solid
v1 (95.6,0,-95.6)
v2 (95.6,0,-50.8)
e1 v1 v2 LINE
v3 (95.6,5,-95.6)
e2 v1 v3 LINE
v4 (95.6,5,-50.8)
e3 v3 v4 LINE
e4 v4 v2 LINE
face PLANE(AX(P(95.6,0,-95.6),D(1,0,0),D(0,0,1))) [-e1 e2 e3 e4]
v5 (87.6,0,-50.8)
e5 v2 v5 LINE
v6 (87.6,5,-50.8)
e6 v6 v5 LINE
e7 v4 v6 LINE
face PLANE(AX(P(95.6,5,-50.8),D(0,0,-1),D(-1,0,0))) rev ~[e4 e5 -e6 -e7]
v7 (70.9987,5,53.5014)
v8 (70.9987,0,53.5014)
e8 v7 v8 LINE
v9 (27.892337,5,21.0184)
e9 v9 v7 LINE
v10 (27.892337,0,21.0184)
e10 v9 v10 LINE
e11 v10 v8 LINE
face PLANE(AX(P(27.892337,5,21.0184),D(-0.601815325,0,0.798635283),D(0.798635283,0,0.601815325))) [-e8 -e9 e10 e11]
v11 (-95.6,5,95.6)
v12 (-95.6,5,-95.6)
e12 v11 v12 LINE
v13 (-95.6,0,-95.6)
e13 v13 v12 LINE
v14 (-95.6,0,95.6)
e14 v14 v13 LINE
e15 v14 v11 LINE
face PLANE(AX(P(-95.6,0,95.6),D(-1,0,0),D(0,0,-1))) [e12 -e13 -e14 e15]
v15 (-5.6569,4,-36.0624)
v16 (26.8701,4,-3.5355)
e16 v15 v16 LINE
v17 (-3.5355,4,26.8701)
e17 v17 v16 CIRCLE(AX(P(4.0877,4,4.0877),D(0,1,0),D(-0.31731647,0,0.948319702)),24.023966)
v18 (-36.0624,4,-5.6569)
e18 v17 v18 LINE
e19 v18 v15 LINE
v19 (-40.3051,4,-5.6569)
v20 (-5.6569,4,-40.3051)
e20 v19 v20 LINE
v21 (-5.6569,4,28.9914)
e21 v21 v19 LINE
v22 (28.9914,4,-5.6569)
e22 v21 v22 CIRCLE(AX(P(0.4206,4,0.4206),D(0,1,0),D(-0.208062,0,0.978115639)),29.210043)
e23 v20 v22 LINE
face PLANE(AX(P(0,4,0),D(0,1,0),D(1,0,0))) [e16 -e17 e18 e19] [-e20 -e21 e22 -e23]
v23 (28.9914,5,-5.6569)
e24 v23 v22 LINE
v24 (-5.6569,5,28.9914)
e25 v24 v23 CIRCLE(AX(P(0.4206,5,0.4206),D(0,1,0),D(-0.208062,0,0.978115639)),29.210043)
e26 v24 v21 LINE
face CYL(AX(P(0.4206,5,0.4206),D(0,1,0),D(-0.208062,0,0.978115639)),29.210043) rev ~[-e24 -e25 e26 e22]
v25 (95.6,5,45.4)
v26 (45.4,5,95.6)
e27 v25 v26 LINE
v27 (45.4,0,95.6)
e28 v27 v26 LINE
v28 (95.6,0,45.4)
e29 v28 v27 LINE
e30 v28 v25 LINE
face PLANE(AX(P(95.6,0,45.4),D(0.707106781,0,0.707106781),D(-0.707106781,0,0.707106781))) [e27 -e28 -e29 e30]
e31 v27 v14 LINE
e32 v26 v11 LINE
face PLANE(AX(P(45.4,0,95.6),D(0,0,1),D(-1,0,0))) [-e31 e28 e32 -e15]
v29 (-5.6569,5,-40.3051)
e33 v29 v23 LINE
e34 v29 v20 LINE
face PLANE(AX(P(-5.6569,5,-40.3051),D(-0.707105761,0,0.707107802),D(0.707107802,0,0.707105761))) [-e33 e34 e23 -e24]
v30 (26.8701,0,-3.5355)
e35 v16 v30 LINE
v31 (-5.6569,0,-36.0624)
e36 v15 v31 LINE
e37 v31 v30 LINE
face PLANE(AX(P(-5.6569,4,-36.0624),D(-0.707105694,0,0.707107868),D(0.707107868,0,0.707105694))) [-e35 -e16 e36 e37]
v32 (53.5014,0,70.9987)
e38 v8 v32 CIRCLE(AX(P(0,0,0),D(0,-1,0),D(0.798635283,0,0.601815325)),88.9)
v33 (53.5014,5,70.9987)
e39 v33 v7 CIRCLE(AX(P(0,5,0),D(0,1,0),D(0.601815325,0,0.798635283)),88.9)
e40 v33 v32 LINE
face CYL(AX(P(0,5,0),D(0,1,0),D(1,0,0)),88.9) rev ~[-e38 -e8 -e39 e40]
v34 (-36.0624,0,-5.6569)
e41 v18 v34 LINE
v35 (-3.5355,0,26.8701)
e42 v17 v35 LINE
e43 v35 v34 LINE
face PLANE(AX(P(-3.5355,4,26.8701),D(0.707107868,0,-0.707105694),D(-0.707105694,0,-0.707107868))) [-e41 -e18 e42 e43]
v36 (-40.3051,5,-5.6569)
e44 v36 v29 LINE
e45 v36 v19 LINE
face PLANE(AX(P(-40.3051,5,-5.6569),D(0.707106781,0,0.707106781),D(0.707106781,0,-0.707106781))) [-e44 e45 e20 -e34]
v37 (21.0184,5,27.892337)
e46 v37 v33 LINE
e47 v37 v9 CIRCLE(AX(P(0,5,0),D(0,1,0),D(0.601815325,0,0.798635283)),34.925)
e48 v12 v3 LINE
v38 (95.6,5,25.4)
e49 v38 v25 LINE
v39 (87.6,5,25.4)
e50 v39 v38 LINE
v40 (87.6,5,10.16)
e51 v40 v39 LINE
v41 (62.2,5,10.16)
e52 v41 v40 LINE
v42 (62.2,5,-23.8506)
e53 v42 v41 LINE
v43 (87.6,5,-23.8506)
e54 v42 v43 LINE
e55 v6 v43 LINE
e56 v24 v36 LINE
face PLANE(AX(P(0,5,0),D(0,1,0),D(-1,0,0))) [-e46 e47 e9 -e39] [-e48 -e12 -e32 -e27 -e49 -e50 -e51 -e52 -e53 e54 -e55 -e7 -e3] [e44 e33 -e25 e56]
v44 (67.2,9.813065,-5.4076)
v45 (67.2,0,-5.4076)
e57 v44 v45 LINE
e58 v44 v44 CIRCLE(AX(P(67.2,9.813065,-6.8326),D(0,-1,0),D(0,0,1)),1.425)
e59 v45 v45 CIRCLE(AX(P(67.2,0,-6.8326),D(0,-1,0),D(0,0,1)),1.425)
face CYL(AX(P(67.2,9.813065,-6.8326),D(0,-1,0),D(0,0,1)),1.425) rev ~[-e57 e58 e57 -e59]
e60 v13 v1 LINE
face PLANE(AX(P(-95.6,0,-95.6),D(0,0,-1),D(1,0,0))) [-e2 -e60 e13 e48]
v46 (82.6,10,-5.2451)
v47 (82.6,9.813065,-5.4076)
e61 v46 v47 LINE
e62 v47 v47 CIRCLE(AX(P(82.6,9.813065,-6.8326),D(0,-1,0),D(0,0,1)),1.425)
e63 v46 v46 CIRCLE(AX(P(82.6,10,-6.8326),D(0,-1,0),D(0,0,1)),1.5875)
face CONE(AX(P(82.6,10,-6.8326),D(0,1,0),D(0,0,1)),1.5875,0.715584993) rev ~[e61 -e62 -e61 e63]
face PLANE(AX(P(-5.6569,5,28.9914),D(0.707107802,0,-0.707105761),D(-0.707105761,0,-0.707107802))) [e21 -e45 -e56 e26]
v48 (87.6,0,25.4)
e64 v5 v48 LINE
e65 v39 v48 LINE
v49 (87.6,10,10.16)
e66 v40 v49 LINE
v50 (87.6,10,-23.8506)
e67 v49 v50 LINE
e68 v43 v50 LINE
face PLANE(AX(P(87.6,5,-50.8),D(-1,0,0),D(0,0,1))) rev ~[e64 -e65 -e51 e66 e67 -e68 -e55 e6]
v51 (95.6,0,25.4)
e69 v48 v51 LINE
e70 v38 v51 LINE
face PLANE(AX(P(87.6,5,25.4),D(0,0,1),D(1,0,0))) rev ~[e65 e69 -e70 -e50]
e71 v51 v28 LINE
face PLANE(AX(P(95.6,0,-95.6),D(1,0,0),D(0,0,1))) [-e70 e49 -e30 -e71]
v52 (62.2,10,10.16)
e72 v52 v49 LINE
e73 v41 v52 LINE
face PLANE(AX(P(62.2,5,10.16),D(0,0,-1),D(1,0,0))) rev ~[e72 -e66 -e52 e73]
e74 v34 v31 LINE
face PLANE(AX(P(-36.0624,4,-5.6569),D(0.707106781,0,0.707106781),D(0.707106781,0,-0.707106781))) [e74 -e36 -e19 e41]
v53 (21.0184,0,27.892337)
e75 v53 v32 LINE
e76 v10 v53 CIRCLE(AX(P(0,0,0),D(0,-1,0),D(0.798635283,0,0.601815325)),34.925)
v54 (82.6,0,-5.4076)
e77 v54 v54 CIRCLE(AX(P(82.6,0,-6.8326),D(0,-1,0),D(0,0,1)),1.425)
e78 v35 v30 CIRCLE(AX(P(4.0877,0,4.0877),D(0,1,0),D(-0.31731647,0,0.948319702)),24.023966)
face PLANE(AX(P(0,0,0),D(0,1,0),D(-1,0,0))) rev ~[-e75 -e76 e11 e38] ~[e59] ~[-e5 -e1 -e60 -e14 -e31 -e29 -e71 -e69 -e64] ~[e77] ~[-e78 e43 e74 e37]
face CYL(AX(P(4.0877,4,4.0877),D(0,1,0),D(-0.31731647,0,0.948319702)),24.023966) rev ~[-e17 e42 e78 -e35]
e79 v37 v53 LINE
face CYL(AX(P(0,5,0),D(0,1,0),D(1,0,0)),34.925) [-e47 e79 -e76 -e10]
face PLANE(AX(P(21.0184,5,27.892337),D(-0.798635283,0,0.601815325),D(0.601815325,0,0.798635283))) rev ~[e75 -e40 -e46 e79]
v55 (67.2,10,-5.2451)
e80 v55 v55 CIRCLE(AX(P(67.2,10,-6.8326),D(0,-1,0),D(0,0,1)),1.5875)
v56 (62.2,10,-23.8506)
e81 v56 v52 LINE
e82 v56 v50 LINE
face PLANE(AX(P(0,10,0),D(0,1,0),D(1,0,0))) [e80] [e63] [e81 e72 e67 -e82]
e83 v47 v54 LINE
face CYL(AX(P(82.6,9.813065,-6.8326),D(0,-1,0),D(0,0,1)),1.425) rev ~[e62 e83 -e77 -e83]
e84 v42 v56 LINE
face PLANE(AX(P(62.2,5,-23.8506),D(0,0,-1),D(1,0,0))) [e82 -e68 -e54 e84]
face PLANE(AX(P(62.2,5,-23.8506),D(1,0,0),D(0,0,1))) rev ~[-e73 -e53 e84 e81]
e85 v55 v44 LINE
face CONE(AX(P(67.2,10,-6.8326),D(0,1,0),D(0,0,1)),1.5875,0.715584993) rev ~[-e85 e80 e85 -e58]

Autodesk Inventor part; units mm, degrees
ref_plane "YZ Plane" through (0, 0, 0) normal (1, 0, 0) x (0, 1, 0)
ref_plane "XZ Plane" through (0, 0, 0) normal (0, 1, 0) x (-1, 0, 0)
ref_plane "XY Plane" through (0, 0, 0) normal (0, 0, 1) x (1, 0, 0)
sketch "Sketch1" plane through (0, 0, 0) normal (0, 1, 0) x (-1, 0, 0)
  line L0 (101.6, -101.6) -> (-101.6, -101.6)
  line L1 (-101.6, -101.6) -> (-101.6, 101.6)
  line L2 (-101.6, 101.6) -> (101.6, 101.6)
  line L3 (101.6, 101.6) -> (101.6, -101.6)
  line L4 (96.6, -96.6) -> (-96.6, -96.6)
  line L5 (-96.6, -96.6) -> (-96.6, 96.6)
  line L6 (-96.6, 96.6) -> (96.6, 96.6)
  line L7 (96.6, 96.6) -> (96.6, -96.6)
  line L8 (101.6, 101.6) -> (-40.4, 101.6)
  circle A0 centre (0, 0) radius 88.9
  line L9 (-40.4, 101.6) -> (-101.6, 40.4)
  line L10 (-45.4, 101.6) -> (-101.6, 45.4)
  line L11 (96.6, 96.6) -> (96.6, 101.6)
  line L12 (-45.4, 101.6) -> (-35.4, 101.6)
  line L13 (-35.4, 101.6) -> (-35.4, 96.6)
  line L14 (-35.4, 96.6) -> (-45.4, 96.6)
  line L15 (-45.4, 96.6) -> (-45.4, 101.6)
  line L16 (-101.6, 39.4) -> (-39.4, 101.6)
  line L17 (95.6, -95.6) -> (-95.6, -95.6)
  line L18 (-95.6, -95.6) -> (-95.6, 95.6)
  line L19 (-95.6, 95.6) -> (95.6, 95.6)
  line L20 (95.6, 95.6) -> (95.6, -95.6)
  point P0 (96.6, 51.2168)
  point P1 (101.6, 40.4)
  point P2 (101.6, -40.4)
  point P3 (96.6, -51.2168)
  point P4 (-96.6, 45.4)
  point P5 (-45.4, 96.6)
  point P6 (-45.4, 95.6)
  point P7 (-95.6, 45.4)
  dimension "d0" = 203.2
  dimension "d1" = 203.2
  dimension "d2" = 101.6
  dimension "d3" = 101.6
  dimension "d4" = 5
  dimension "d5" = 5
  dimension "d6" = 5
  dimension "d7" = 5
  dimension "d8" = 142
  dimension "d9" = 61.2
  dimension "d10" = 177.8
  dimension "d11" = 5
  dimension "d12" = 5
  dimension "d13" = 10
  dimension "d14" = 1
  dimension "d15" = 1
  dimension "d16" = 1
  dimension "d17" = 1
  dimension "d18" = 1
extrude "Extrusion1" add sketch "Sketch1" along normal blind 5 contours L16 L19 L20 L17 L18 | A0
sketch "Sketch2" plane through (0, 5, 0) normal (0, 1, 0) x (1, 0, 0)
  circle A0 centre (0, 0) radius 34.925
  circle A1 centre (0, 0) radius 88.9
  line L0 (0, 0) -> (53.5014, -70.9987)
  line L1 (0, 0) -> (70.9987, -53.5014)
  line L2 (45.4, -95.6) -> (95.6, -45.4) projected
  line L3 (70.5, -70.5) -> (0, 0)
  point P0 (21.0184, -27.8923)
  point P1 (27.8923, -21.0184)
  dimension "d21" = 69.85
  dimension "d22" = 177.8
  dimension "d23" = 8
  dimension "d24" = 8
extrude "Extrusion2" cut sketch "Sketch2" against normal blind 5 contours A0 L3 A1 L0 | L1 A1 L3 A0
sketch "Sketch3" plane through (0, 5, 0) normal (0, 1, 0) x (1, 0, 0)
  circle A0 centre (0, 0) radius 2.5
  line L0 (11.3314, 2.139) -> (-2.139, -11.3314)
  line L1 (0, 0) -> (-5.6569, 5.6569)
  line L2 (-5.6569, -14.8492) -> (-26.163, 5.6569)
  line L3 (-5.6569, 26.163) -> (14.8492, 5.6569)
  circle A1 centre (-5.6569, 5.6569) radius 14
  line L4 (-26.163, 5.6569) -> (-5.6569, 26.163)
  line L5 (14.8492, 5.6569) -> (-5.6569, -14.8492)
  line L6 (-40.3051, 5.6569) -> (-5.6569, 40.3051)
  line L7 (-5.6569, 40.3051) -> (28.9914, 5.6569)
  line L8 (28.9914, 5.6569) -> (-5.6569, -28.9914)
  line L9 (-5.6569, -28.9914) -> (-40.3051, 5.6569)
  line L10 (-22.6451, 9.1747) -> (-9.1747, 22.6451)
  line L11 (-9.1747, 22.6451) -> (-12.7668, 26.2372)
  line L12 (-12.7668, 26.2372) -> (-26.2372, 12.7668)
  line L13 (-26.2372, 12.7668) -> (-22.6451, 9.1747)
  line L14 (-36.0624, 5.6569) -> (-5.6569, 36.0624)
  line L15 (-5.6569, 36.0624) -> (26.8701, 3.5355)
  line L16 (26.8701, 3.5355) -> (-3.5355, -26.8701)
  line L17 (-3.5355, -26.8701) -> (-36.0624, 5.6569)
  arc A2 (-5.6569, -28.9914) -> (28.9914, 5.6569) centre (0.4206, -0.4206) ccw
  dimension "d27" = 8
  dimension "d28" = 28
  dimension "d29" = 29
  dimension "d30" = 29
  dimension "d31" = 14.5
  dimension "d32" = 10
  dimension "d33" = 10
  dimension "d34" = 10
  dimension "d35" = 10
  dimension "d36" = 5.08
  dimension "d37" = 9.525
  dimension "d38" = 9.525
  dimension "d39" = 3
  dimension "d40" = 3
  dimension "d41" = 0
  dimension "d42" = 3
  dimension "d51" = 29.21
extrude "Extrusion3" cut sketch "Sketch3" against normal blind 1 contours A0 | L0 L5 L2 L4 L3 | L4 L13 L12 L11 | A1 | L6 L7 L8 L15 L14 L17 L9 | L8 A2 | L17 L14 L15 L8
sketch "Sketch4" plane through (0, 4, 0) normal (0, 1, 0) x (1, 0, 0)
  line L0 (-36.0624, 5.6569) -> (-5.6569, 36.0624)
  line L1 (-5.6569, 36.0624) -> (26.8701, 3.5355)
  line L2 (26.8701, 3.5355) -> (-3.5355, -26.8701)
  line L3 (-3.5355, -26.8701) -> (-36.0624, 5.6569)
  line L4 (-5.6569, 40.3051) -> (28.9914, 5.6569) projected
  line L5 (-40.3051, 5.6569) -> (-5.6569, 40.3051) projected
  line L6 (-5.6569, -28.9914) -> (-40.3051, 5.6569) projected
  line L7 (28.9914, 5.6569) -> (-5.6569, -28.9914) projected
  arc A0 (-3.5355, -26.8701) -> (26.8701, 3.5355) centre (4.0877, -4.0877) ccw
  point P0 (0, 0)
  dimension "d45" = 3
  dimension "d46" = 3
  dimension "d47" = 3
  dimension "d48" = 0
extrude "Extrusion4" cut sketch "Sketch4" against normal blind 5 contours L0 L1 L2 L3 | L2 A0
sketch "Sketch6" plane through (0, 5, 0) normal (0, 1, 0) x (1, 0, 0)
  line L0 (95.6, 95.6) -> (-95.6, 95.6) projected
  line L1 (95.6, 95.6) -> (87.6, 95.6)
  line L2 (87.6, 95.6) -> (87.6, -46.4)
  line L3 (87.6, -46.4) -> (95.6, -46.4)
  line L4 (95.6, -46.4) -> (95.6, 95.6)
  line L5 (95.6, -45.4) -> (95.6, 95.6) projected
  line L6 (87.6, -25.4) -> (95.6, -25.4)
  line L7 (95.6, -25.4) -> (95.6, 50.8)
  line L8 (95.6, 50.8) -> (87.6, 50.8)
  line L9 (87.6, 50.8) -> (87.6, -25.4)
  line L10 (0, 0) -> (95.6, 0)
  dimension "d58" = 8
  dimension "d59" = 142
  dimension "d62" = 50.8
  dimension "d63" = 25.4
extrude "Extrusion6" cut sketch "Sketch6" against normal blind 25.4 contours L4 L10 L2 L8 | L4 L6 L2 L10
sketch "Sketch7" plane through (0, 5, 0) normal (0, 1, 0) x (1, 0, 0)
  line L0 (-95.6, 95.6) -> (-95.6, -95.6) projected
  line L1 (-95.6, -95.6) -> (45.4, -95.6) projected
  line L2 (95.6, 50.8) -> (87.6, 50.8) projected
  line L3 (87.6, 50.8) -> (62.2, 50.8)
  line L4 (87.6, -25.4) -> (87.6, 50.8)
  line L5 (87.6, -25.4) -> (87.6, 50.8) projected
  line L6 (87.6, 50.8) -> (95.6, 50.8) projected
  line L7 (87.6, 50.8) -> (62.2, 50.8)
  line L8 (62.2, 50.8) -> (62.2, -10.16)
  line L9 (62.2, -10.16) -> (87.6, -10.16)
  line L10 (87.6, -10.16) -> (87.6, 50.8)
  line L11 (62.2, 23.8506) -> (87.6, 23.8506)
  point P0 (0, 0)
  dimension "d72" = 60.96
  dimension "d90" = 34.0106
extrude "Extrusion7" add sketch "Sketch7" along normal blind 5 contours L4 L9 L8 L11
sketch "Sketch8" plane through (0, 10, 0) normal (0, 1, 0) x (1, 0, 0)
  line L0 (48.8597, -4.3723) -> (48.8597, 15.6277)
  line L1 (14.8597, -4.3723) -> (14.8597, 15.6277)
  line L2 (48.8597, 15.6277) -> (14.8597, 15.6277)
  line L3 (31.8597, 15.6277) -> (31.8597, -4.3723)
  circle A0 centre (31.8597, 10.6277) radius 1
  circle A1 centre (31.8597, 0.6277) radius 1
  line L4 (62.2, -10.16) -> (87.6, -10.16) projected
  line L5 (62.2, -10.16) -> (87.6, -10.16)
  line L6 (87.6, -10.16) -> (87.6, 6.8326)
  line L7 (87.6, 50.8) -> (87.6, -25.4) projected
  line L8 (87.6, 6.8326) -> (62.2, 6.8326)
  circle A2 centre (82.6, 6.8326) radius 1.5
  circle A3 centre (67.2, 6.8326) radius 1.5
  point P0 (0, 0)
  dimension "d73" = 2
  dimension "d74" = 2
  dimension "d75" = 5
  dimension "d76" = 5
  dimension "d77" = 17
  dimension "d78" = 16.9926
  dimension "d79" = 3
  dimension "d80" = 3
  dimension "d81" = 5
  dimension "d82" = 5
hole "Hole1" at (82.6, 10, -6.8326) at (67.2, 10, -6.8326) direction (0, -1, 0) diameter 2.85 depth 12.7 tip angle 118 countersink diameter 3.175 countersink angle 82 thread size "M3.5x0.6" class "6H" standard "ANSI Metric M Profile"
equation "\"d1\" = d0"
equation "\"d2\" = 0.5 * d0"
equation "\"d3\" = 0.5 * d0"
properties part number "Drop_Plate"
